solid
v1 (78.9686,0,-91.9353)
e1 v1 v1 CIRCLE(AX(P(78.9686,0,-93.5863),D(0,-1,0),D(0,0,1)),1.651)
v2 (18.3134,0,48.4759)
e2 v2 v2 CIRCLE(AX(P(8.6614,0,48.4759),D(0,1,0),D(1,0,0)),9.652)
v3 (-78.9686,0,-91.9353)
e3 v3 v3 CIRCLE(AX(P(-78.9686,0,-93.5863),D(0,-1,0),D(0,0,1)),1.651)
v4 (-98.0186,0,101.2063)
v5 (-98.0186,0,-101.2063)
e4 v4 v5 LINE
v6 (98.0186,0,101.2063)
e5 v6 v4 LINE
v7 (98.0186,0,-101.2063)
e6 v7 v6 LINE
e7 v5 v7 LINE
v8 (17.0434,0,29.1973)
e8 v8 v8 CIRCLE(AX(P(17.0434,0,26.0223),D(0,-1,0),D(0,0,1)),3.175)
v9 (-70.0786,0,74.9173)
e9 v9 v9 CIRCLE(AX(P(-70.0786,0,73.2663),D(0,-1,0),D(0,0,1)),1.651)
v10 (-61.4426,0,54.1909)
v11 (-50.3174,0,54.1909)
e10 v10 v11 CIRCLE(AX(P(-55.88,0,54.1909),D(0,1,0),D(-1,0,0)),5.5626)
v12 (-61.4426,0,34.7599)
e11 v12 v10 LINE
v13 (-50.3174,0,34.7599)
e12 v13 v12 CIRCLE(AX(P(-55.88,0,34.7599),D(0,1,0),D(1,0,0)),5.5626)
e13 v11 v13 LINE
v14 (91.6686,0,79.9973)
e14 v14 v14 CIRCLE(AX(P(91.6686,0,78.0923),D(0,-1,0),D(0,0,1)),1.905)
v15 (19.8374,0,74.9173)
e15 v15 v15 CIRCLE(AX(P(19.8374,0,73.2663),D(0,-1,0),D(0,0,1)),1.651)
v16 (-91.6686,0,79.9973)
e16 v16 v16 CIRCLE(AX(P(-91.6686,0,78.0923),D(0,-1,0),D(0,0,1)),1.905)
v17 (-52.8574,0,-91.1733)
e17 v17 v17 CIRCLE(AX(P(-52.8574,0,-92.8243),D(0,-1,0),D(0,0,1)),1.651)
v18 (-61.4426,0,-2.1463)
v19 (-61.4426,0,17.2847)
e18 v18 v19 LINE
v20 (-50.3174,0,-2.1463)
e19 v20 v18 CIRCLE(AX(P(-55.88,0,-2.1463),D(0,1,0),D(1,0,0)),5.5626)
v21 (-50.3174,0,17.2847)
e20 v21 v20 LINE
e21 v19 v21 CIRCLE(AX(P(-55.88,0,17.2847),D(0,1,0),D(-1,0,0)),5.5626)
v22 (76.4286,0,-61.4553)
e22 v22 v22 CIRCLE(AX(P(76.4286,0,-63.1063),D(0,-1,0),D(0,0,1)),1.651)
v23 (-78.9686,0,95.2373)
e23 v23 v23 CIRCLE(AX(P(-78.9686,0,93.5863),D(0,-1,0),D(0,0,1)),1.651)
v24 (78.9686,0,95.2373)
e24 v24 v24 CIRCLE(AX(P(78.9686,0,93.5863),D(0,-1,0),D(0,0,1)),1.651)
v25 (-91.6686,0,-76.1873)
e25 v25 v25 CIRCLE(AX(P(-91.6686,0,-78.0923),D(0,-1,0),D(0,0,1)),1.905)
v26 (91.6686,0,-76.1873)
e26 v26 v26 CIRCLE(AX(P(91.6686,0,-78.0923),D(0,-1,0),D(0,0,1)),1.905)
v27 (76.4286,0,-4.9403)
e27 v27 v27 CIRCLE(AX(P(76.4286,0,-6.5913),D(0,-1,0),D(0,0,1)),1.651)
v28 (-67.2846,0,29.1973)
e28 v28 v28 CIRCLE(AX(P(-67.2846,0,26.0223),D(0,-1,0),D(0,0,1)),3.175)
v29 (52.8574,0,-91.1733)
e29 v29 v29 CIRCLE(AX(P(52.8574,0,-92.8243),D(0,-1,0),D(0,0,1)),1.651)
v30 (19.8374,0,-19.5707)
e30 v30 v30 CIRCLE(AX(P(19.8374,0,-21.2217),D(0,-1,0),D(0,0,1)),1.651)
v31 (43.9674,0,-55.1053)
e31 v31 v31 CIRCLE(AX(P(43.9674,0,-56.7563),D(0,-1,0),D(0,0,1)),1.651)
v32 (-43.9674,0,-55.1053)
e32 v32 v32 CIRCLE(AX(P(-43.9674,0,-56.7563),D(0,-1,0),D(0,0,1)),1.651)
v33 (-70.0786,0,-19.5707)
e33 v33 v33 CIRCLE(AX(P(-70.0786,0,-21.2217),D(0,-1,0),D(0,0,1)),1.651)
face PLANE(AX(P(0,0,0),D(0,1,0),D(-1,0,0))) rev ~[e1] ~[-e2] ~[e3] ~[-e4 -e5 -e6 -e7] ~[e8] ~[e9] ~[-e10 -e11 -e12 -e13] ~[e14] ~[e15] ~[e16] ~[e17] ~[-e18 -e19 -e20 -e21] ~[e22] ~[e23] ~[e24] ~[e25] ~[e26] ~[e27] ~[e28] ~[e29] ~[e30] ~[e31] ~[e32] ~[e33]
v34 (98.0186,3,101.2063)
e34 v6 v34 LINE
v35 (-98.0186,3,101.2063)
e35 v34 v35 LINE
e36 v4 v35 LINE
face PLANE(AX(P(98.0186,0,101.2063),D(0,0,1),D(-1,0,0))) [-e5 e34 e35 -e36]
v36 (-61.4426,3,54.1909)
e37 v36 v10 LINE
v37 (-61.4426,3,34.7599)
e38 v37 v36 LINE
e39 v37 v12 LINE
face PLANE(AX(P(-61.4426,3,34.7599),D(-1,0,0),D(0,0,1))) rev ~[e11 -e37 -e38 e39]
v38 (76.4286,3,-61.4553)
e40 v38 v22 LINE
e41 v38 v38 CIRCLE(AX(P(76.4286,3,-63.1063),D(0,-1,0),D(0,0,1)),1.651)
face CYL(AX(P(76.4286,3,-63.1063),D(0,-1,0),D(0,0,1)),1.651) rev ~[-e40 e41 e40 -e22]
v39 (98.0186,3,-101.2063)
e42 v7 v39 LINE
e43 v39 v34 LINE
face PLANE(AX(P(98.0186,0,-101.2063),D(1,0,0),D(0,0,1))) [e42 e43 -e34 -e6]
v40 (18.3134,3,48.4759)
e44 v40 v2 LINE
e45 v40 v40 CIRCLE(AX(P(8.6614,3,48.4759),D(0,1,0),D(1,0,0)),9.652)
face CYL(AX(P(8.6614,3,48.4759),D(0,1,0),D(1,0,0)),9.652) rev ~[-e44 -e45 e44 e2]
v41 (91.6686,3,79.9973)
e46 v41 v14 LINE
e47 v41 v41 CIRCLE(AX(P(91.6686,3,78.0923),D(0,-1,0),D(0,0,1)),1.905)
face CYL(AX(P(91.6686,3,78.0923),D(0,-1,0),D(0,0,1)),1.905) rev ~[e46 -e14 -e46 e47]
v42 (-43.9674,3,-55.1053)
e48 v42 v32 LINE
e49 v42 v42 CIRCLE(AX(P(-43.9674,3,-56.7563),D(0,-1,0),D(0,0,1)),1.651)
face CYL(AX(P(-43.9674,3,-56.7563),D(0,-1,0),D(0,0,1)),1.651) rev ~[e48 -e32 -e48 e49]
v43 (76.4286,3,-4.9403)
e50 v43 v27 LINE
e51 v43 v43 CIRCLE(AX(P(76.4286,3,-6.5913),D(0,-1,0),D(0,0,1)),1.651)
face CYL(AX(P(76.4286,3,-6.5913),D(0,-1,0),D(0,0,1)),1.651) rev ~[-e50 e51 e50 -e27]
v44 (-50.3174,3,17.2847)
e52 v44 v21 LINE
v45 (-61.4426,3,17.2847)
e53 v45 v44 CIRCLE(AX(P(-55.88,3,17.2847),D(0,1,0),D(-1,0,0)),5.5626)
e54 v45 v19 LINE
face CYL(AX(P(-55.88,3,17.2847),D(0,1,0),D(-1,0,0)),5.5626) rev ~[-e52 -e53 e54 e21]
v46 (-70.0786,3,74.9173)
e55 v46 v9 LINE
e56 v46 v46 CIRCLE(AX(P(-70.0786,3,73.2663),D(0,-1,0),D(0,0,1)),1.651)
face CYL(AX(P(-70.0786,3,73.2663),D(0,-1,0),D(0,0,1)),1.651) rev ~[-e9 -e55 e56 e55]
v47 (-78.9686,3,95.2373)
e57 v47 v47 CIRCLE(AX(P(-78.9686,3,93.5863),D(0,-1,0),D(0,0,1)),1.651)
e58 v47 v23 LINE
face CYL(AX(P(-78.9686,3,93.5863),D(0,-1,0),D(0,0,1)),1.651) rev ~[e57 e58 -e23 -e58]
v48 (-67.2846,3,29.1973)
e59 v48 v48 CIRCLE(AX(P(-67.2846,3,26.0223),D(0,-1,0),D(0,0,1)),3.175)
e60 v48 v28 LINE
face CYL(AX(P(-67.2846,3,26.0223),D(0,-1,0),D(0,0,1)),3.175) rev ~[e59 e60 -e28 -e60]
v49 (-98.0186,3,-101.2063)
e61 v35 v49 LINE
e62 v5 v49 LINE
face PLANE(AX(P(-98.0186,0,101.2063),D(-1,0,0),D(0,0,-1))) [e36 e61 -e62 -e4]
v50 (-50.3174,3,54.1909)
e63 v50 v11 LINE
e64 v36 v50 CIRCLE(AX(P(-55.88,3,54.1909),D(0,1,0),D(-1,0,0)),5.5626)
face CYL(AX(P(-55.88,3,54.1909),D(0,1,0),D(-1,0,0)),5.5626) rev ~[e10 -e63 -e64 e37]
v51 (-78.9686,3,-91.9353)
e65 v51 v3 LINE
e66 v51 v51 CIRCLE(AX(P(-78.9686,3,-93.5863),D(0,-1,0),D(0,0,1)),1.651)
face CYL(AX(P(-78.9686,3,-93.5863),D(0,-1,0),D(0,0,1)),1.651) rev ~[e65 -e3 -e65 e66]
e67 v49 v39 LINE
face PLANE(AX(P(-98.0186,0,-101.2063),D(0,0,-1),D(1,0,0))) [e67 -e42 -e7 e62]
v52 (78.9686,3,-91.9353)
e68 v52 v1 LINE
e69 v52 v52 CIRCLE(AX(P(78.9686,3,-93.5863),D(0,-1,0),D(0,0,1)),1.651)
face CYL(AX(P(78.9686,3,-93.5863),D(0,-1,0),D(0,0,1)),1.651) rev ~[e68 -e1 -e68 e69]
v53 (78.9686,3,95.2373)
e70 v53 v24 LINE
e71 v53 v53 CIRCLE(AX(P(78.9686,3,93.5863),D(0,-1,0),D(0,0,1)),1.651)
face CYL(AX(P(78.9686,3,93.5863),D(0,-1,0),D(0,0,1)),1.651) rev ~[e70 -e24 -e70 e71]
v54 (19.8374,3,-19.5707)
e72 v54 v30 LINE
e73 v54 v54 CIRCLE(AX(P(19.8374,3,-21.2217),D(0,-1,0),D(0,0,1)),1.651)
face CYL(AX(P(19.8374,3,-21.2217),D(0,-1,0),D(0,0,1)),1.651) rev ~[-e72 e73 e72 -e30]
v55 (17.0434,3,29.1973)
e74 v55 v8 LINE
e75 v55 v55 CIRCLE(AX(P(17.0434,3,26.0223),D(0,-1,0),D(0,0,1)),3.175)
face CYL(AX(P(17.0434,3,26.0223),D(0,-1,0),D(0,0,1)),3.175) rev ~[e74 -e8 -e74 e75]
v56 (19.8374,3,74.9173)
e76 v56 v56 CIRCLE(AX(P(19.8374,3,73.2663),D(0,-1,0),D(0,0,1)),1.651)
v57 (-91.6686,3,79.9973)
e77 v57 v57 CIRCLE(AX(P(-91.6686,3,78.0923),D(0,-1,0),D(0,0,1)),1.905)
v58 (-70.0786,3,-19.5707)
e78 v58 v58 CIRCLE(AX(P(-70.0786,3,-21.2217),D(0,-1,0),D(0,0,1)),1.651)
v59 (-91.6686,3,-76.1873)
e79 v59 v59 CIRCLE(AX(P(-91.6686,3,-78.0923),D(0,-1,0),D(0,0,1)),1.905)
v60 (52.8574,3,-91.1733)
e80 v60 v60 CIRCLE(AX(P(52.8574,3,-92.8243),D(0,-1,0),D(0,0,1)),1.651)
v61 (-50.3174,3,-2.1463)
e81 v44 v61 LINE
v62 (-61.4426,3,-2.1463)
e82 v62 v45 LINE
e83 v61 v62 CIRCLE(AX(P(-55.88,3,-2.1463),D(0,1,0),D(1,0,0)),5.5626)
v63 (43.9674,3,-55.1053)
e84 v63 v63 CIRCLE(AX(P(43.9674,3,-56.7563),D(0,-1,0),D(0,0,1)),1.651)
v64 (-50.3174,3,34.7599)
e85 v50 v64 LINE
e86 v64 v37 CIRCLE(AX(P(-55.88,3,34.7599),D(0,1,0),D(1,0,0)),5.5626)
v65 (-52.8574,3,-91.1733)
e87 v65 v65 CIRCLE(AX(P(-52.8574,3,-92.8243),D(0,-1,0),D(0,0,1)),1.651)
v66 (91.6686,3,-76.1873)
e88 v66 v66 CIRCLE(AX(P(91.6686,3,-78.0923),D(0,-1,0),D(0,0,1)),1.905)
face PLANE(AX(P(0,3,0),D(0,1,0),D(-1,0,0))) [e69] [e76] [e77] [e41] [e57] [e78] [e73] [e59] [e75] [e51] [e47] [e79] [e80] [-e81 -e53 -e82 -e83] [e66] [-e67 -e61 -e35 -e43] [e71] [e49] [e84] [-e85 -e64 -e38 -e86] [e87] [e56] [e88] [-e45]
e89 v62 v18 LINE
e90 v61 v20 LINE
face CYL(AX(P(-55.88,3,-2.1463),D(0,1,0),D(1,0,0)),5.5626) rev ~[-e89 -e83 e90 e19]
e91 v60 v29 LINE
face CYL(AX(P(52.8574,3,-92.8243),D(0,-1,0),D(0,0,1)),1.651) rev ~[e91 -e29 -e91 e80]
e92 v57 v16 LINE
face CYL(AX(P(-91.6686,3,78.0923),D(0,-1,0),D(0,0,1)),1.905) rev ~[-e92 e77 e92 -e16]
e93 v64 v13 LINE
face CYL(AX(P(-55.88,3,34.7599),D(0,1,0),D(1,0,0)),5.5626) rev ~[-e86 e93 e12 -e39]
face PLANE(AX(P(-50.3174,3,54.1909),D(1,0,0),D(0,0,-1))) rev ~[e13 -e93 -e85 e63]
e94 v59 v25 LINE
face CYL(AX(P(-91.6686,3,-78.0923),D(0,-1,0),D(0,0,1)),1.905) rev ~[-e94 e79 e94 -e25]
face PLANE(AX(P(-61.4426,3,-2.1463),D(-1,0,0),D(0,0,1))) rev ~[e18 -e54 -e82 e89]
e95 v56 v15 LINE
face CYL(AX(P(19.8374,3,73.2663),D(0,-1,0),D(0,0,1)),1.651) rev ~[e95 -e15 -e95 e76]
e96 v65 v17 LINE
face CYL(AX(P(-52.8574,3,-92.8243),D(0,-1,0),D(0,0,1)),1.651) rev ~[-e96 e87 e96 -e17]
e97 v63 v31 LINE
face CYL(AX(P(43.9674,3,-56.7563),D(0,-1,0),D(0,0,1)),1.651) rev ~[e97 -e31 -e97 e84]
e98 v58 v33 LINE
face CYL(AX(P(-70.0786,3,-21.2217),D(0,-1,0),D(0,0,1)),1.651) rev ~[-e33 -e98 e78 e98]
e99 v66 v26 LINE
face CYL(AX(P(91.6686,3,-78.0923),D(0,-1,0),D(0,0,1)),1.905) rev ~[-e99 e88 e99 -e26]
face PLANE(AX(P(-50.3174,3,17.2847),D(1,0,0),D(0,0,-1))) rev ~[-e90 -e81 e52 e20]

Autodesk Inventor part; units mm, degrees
ref_plane "YZ Plane" through (0, 0, 0) normal (1, 0, 0) x (0, 1, 0)
ref_plane "XZ Plane" through (0, 0, 0) normal (0, 1, 0) x (-1, 0, 0)
ref_plane "XY Plane" through (0, 0, 0) normal (0, 0, 1) x (1, 0, 0)
sketch "Sketch1" plane through (0, 0, 0) normal (0, 1, 0) x (-1, 0, 0)
  line L0 (98.0186, -101.2063) -> (-98.0186, -101.2063)
  line L1 (-98.0186, -101.2063) -> (-98.0186, 101.2063)
  line L2 (-98.0186, 101.2063) -> (98.0186, 101.2063)
  line L3 (98.0186, 101.2063) -> (98.0186, -101.2063)
  line L4 (98.0186, -101.2063) -> (-98.0186, 101.2063) construction
  line L5 (-98.0186, -101.2063) -> (98.0186, 101.2063) construction
  point P0 (0, 0)
  dimension "d0" = 196.0372
  dimension "d1" = 202.4126
extrude "Extrusion1" add sketch "Sketch1" along normal blind 3
sketch "Sketch2" plane through (0, 3, 0) normal (0, 1, 0) x (1, 0, 0)
  line L0 (98.0186, 101.2063) -> (-98.0186, 101.2063) projected
  line L1 (-98.0186, 101.2063) -> (-98.0186, -101.2063) projected
  line L2 (-98.0186, -101.2063) -> (98.0186, -101.2063) projected
  line L3 (98.0186, -101.2063) -> (98.0186, 101.2063) projected
  point P0 (0, 0)
  point P1 (-91.6686, 78.0923)
  point P2 (91.6686, 78.0923)
  point P3 (-91.6686, -78.0923)
  point P4 (91.6686, -78.0923)
  dimension "d4" = 23.114
  dimension "d5" = 23.114
  dimension "d6" = 6.35
  dimension "d7" = 6.35
hole "Hole1" at (-91.6686, 3, -78.0923) at (91.6686, 3, -78.0923) at (-91.6686, 3, 78.0923) at (91.6686, 3, 78.0923) direction (0, -1, 0) diameter 3.81 end through all
sketch "Sketch5" plane through (0, 3, 0) normal (0, 1, 0) x (1, 0, 0)
  line L0 (-98.0186, 101.2063) -> (-98.0186, -101.2063) projected
  line L1 (-98.0186, -101.2063) -> (98.0186, -101.2063) projected
  point P0 (0, 0)
  point P1 (-70.0786, -73.2663)
  point P2 (19.8374, -73.2663)
  point P3 (19.8374, 21.2217)
  point P4 (-70.0786, 21.2217)
  dimension "d44" = 27.94
  dimension "d45" = 27.94
  dimension "d46" = 89.916
  dimension "d47" = 94.488
hole "Hole4" at (-70.0786, 3, 73.2663) at (19.8374, 3, 73.2663) at (19.8374, 3, -21.2217) at (-70.0786, 3, -21.2217) direction (0, -1, 0) diameter 3.302 end through all
sketch "Sketch6" plane through (0, 3, 0) normal (0, 1, 0) x (1, 0, 0)
  circle A0 centre (-70.0786, -73.2663) radius 1.651 projected
  circle A1 centre (19.8374, -73.2663) radius 1.651 projected
  point P0 (0, 0)
  point P1 (-67.2846, -26.0223)
  point P2 (17.0434, -26.0223)
  dimension "d55" = 2.794
  dimension "d56" = 2.794
  dimension "d57" = 47.244
hole "Hole5" at (-67.2846, 3, 26.0223) at (17.0434, 3, 26.0223) direction (0, -1, 0) diameter 6.35 end through all
sketch "Sketch10" plane through (0, 3, 0) normal (0, 1, 0) x (1, 0, 0)
  line L0 (98.0186, 101.2063) -> (-98.0186, 101.2063) projected
  line L1 (98.0186, -101.2063) -> (98.0186, 101.2063) projected
  line L2 (0, 56.7563) -> (0, 92.8243)
  point P0 (0, 0)
  point P1 (-52.8574, 92.8243)
  point P2 (-43.9674, 56.7563)
  point P3 (52.8574, 92.8243)
  point P4 (43.9674, 56.7563)
  dimension "d91" = 52.8574
  dimension "d92" = 8.382
  dimension "d93" = 36.068
  dimension "d94" = 8.89
hole "Hole8" at (-52.8574, 3, -92.8243) at (-43.9674, 3, -56.7563) at (52.8574, 3, -92.8243) at (43.9674, 3, -56.7563) direction (0, -1, 0) diameter 3.302 end through all
sketch "Sketch11" plane through (0, 3, 0) normal (0, 1, 0) x (1, 0, 0)
  line L0 (98.0186, 101.2063) -> (-98.0186, 101.2063) projected
  line L1 (98.0186, -101.2063) -> (98.0186, 101.2063) projected
  point P0 (0, 0)
  point P1 (76.4286, 6.5913)
  point P2 (76.4286, 63.1063)
  dimension "d103" = 56.515
  dimension "d111" = 38.1
  dimension "d123" = 21.59
hole "Hole9" at (76.4286, 3, -6.5913) at (76.4286, 3, -63.1063) direction (0, -1, 0) diameter 3.302 end through all
sketch "Sketch12" plane through (0, 3, 0) normal (0, 1, 0) x (1, 0, 0)
  line L0 (98.0186, 101.2063) -> (-98.0186, 101.2063) projected
  line L1 (-98.0186, 101.2063) -> (-98.0186, -101.2063) projected
  line L2 (-98.0186, -101.2063) -> (98.0186, -101.2063) projected
  line L3 (98.0186, -101.2063) -> (98.0186, 101.2063) projected
  point P0 (0, 0)
  point P1 (-78.9686, -93.5863)
  point P2 (78.9686, -93.5863)
  point P3 (78.9686, 93.5863)
  point P4 (-78.9686, 93.5863)
  dimension "d112" = 7.62
  dimension "d113" = 19.05
  dimension "d114" = 7.62
  dimension "d115" = 19.05
hole "Hole10" at (-78.9686, 3, 93.5863) at (78.9686, 3, 93.5863) at (78.9686, 3, -93.5863) at (-78.9686, 3, -93.5863) direction (0, -1, 0) diameter 3.302 end through all
sketch "Sketch13" plane through (0, 3, 0) normal (0, 1, 0) x (1, 0, 0)
  line L0 (-55.88, 2.1463) -> (-55.88, -17.2847) construction
  line L1 (-61.4426, 2.1463) -> (-61.4426, -17.2847)
  line L2 (-50.3174, -17.2847) -> (-50.3174, 2.1463)
  arc A0 (-50.3174, 2.1463) -> (-61.4426, 2.1463) centre (-55.88, 2.1463) ccw
  arc A1 (-61.4426, -17.2847) -> (-50.3174, -17.2847) centre (-55.88, -17.2847) ccw
  circle A2 centre (-70.0786, 21.2217) radius 1.651 projected
  line L3 (-55.88, -34.7599) -> (-55.88, -54.1909) construction
  line L4 (-61.4426, -34.7599) -> (-61.4426, -54.1909)
  line L5 (-50.3174, -54.1909) -> (-50.3174, -34.7599)
  arc A3 (-50.3174, -34.7599) -> (-61.4426, -34.7599) centre (-55.88, -34.7599) ccw
  arc A4 (-61.4426, -54.1909) -> (-50.3174, -54.1909) centre (-55.88, -54.1909) ccw
  point P0 (0, 0)
  point P1 (-55.88, -7.5692)
  point P2 (-55.88, -44.4754)
  dimension "d124" = 14.1986
  dimension "d125" = 11.1252
  dimension "d126" = 19.0754
  dimension "d127" = 19.431
  dimension "d128" = 19.431
  dimension "d129" = 11.1252
  dimension "d138" = 17.4752
extrude "Extrusion3" cut sketch "Sketch13" against normal through all contours A0 L2 A1 L1 | A3 L5 A4 L4
sketch "Sketch14" plane through (0, 3, 0) normal (0, 1, 0) x (1, 0, 0)
  circle A0 centre (8.6614, -48.4759) radius 9.652
  circle A1 centre (19.8374, -73.2663) radius 1.651 projected
  point P0 (0, 0)
  dimension "d133" = 19.304
  dimension "d134" = 11.176
  dimension "d135" = 24.7904
extrude "Extrusion4" cut sketch "Sketch14" against normal through all contours A0
equation "\"d128\" = d127"
equation "\"d129\" = d125"
properties part number "SwarmieTopPlate"
